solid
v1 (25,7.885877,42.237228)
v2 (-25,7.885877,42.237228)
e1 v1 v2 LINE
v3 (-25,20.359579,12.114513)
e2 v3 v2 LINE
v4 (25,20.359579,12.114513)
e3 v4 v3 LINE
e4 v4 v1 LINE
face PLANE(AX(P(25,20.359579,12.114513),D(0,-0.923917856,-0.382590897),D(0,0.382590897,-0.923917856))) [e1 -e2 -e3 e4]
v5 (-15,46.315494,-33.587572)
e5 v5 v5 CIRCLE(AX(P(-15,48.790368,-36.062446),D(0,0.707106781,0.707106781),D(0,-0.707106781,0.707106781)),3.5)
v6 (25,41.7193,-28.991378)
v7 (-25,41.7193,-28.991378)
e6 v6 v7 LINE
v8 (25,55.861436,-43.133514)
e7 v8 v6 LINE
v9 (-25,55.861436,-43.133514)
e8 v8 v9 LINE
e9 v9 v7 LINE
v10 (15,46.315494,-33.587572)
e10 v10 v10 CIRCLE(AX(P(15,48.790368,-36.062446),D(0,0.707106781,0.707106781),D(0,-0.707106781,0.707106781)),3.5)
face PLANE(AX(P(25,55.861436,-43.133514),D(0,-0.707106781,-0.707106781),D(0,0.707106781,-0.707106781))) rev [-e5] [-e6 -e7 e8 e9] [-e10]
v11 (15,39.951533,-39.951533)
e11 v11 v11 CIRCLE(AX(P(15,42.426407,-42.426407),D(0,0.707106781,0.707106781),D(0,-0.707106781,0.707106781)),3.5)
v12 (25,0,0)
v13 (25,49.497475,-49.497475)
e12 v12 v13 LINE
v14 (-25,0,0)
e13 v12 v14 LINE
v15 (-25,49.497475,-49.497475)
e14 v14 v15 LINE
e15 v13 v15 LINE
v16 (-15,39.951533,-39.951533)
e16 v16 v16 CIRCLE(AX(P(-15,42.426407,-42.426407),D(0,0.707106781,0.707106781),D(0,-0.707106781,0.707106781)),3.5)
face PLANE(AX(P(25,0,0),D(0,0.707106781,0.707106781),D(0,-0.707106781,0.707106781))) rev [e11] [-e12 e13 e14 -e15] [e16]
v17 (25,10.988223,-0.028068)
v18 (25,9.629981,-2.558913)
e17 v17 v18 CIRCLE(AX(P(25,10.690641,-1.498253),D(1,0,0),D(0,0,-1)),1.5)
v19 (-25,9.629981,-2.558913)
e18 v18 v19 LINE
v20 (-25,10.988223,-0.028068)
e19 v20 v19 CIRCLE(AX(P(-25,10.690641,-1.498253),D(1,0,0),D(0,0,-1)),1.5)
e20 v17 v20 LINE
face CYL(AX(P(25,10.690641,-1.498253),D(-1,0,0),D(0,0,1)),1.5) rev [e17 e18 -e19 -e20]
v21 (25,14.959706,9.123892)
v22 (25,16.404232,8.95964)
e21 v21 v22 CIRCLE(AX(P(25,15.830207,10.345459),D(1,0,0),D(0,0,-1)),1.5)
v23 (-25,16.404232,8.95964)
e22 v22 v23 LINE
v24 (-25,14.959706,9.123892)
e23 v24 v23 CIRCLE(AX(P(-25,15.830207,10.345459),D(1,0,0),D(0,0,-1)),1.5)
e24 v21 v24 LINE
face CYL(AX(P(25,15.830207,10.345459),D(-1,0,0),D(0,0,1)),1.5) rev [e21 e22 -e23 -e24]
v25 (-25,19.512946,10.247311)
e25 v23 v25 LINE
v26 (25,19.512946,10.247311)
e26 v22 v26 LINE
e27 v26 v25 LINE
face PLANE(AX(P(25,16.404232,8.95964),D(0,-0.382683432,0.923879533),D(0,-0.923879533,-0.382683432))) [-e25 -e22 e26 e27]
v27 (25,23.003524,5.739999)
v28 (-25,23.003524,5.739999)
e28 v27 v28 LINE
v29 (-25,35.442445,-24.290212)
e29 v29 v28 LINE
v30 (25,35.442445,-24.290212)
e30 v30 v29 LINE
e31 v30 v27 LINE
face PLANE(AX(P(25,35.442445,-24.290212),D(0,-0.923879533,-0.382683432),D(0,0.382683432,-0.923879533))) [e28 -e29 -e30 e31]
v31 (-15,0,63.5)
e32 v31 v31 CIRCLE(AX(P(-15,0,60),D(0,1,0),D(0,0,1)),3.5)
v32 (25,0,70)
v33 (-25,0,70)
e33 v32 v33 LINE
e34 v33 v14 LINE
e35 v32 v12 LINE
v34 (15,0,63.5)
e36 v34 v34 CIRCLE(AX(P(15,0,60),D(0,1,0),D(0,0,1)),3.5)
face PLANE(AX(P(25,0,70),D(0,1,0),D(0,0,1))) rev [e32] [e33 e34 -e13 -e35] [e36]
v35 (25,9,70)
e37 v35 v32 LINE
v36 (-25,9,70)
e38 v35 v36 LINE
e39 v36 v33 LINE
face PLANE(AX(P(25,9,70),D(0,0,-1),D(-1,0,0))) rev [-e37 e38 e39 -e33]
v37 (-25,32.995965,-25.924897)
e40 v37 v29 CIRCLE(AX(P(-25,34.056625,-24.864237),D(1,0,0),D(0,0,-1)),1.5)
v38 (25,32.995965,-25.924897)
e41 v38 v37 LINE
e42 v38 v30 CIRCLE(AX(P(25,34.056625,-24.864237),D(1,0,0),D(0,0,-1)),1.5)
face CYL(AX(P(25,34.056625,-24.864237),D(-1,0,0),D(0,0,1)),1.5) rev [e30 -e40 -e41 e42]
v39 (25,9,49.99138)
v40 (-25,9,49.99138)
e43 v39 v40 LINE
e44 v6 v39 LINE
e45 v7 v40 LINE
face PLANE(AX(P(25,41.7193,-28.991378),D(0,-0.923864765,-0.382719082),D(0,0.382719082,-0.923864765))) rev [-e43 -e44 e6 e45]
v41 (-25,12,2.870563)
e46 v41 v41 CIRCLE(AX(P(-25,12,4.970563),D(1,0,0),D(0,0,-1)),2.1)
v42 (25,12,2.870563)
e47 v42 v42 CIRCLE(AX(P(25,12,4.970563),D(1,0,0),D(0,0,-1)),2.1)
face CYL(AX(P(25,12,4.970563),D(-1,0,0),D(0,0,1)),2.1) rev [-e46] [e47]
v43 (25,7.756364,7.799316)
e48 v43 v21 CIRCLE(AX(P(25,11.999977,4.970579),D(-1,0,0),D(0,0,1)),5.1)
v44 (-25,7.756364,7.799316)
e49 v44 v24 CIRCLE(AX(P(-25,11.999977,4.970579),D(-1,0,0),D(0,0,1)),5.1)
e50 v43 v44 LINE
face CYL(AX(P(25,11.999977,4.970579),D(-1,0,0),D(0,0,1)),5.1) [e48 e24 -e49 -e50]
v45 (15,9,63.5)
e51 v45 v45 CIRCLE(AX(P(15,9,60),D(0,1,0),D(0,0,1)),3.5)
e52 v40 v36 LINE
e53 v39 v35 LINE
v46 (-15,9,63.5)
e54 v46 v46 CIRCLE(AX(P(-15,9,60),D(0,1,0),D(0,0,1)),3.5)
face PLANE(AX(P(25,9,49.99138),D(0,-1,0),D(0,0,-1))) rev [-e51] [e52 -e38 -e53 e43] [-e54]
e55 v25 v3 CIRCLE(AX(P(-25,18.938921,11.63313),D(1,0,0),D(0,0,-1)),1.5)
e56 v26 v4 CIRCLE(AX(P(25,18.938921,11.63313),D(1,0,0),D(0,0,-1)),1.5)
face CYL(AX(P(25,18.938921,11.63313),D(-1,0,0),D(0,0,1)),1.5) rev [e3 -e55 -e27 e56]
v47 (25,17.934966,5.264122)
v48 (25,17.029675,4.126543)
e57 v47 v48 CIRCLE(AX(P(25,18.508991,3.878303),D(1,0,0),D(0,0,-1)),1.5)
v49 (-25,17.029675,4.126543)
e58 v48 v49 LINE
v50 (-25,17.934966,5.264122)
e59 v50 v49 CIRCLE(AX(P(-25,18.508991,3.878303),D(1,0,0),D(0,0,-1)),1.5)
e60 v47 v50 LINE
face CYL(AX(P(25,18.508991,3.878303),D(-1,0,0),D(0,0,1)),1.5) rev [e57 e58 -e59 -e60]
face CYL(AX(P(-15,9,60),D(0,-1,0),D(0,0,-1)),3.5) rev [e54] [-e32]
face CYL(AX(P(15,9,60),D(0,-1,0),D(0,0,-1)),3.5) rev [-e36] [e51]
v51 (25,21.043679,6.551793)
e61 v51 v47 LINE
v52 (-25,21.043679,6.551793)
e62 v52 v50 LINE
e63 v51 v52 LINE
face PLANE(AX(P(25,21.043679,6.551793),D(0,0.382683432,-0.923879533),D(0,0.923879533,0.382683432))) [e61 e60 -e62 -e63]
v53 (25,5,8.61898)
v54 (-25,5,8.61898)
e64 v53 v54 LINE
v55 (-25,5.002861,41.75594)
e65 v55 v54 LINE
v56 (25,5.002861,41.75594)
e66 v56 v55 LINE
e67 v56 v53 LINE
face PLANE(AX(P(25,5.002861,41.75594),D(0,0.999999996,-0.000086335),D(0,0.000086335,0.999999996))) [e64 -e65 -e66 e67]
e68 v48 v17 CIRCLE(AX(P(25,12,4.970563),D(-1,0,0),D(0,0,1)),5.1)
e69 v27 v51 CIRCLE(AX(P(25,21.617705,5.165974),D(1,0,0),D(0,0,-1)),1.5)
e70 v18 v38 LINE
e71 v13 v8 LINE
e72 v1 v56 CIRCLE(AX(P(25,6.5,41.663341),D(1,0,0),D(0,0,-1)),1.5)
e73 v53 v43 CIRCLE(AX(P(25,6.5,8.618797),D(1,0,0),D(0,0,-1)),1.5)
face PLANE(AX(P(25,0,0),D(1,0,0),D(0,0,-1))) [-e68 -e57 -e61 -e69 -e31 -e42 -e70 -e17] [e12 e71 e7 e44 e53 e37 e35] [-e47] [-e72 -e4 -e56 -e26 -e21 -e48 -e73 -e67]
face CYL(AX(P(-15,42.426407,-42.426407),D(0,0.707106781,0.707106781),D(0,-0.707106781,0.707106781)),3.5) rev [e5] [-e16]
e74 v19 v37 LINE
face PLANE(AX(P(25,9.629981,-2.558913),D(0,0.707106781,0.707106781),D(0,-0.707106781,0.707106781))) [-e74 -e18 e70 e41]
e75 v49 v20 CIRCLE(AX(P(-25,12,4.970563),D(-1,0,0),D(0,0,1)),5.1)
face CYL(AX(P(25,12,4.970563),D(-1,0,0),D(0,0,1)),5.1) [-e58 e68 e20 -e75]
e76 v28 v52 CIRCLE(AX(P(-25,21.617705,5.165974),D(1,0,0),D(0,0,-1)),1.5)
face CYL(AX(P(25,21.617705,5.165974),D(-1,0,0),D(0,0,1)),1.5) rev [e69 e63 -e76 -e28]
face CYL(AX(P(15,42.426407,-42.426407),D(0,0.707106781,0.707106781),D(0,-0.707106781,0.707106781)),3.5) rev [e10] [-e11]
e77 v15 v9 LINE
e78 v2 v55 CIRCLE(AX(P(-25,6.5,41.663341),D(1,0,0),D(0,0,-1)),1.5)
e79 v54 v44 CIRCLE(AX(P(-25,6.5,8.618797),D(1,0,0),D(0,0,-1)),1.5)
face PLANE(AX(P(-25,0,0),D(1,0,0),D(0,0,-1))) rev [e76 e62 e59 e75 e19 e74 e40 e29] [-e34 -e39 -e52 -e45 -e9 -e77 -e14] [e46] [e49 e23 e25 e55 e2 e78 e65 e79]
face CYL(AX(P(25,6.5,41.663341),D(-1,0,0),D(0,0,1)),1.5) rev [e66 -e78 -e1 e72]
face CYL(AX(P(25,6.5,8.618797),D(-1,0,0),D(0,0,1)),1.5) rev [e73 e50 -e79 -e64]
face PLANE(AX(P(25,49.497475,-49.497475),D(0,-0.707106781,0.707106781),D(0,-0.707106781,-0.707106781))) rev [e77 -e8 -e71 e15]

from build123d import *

# Parameters (mm, degrees)
BOSS_EXTRUDE1_DEPTH      = 25
BOSS_EXTRUDE1_DEPTH_BACK = 25
SKETCH1_R                = 2.1
SKETCH2_R                = 3.5
CUT_EXTRUDE1_DEPTH       = 9
SKETCH3_R                = 3.5
CUT_EXTRUDE2_DEPTH       = 9


with BuildPart() as part:
    # Sketch1 → Boss-Extrude1 (new, two sides: drawn at the far end of the back side and taken through both)
    with BuildSketch(Plane(origin=(0, 0, 0), x_dir=(0, 0, -1), z_dir=(1, 0, 0)).offset(-BOSS_EXTRUDE1_DEPTH_BACK)):
        Polygon((-70, 0), (0, 0), (49.497474683, 49.497474683), (43.133513652, 55.861435714), (28.991378029, 41.71930009), (-49.991379635, 9), (-70, 9), align=None)
        with Locations((-4.970562748, 12)):
            Circle(SKETCH1_R, mode=Mode.SUBTRACT)
        with BuildLine():
            Line((-6.551793043, 21.043679481), (-5.264121815, 17.934966139))
            ThreePointArc((-5.264121815, 17.934966139), (-4.812340099, 17.335290392), (-4.126543478, 17.029675086))
            ThreePointArc((-4.126543478, 17.029675086), (-0.768310337, 14.889822601), (0.028067769, 10.988222878))
            ThreePointArc((0.028067769, 10.988222878), (0.788934633, 9.368950353), (2.558913388, 9.6299812))
            Line((2.558913388, 9.6299812), (25.924897249, 32.995965061))
            ThreePointArc((25.924897249, 32.995965061), (26.111441495, 34.889980582), (24.290211928, 35.442444531))
            Line((24.290211928, 35.442444531), (-5.739998892, 23.003523928))
            ThreePointArc((-5.739998892, 23.003523928), (-6.551793043, 22.191729778), (-6.551793043, 21.043679481))
        make_face(mode=Mode.SUBTRACT)
        with BuildLine():
            Line((-41.755939666, 5.002860881), (-8.61897952, 5.000000011))
            ThreePointArc((-8.61897952, 5.000000011), (-7.181021866, 6.072446959), (-7.79931621, 7.756364052))
            ThreePointArc((-7.79931621, 7.756364052), (-9.986482643, 11.077634818), (-9.123891859, 14.959705611))
            ThreePointArc((-9.123891859, 14.959705611), (-8.855063072, 15.660739707), (-8.959639945, 16.40423241))
            Line((-8.959639945, 16.40423241), (-10.247311173, 19.512945751))
            ThreePointArc((-10.247311173, 19.512945751), (-11.013696575, 20.305047115), (-12.114513279, 20.35957911))
            Line((-12.114513279, 20.35957911), (-42.237227636, 7.885876778))
            ThreePointArc((-42.237227636, 7.885876778), (-43.142866755, 6.253009403), (-41.755939666, 5.002860881))
        make_face(mode=Mode.SUBTRACT)
    extrude(amount=BOSS_EXTRUDE1_DEPTH + BOSS_EXTRUDE1_DEPTH_BACK)

    # Sketch2 → Cut-Extrude1 (cut)
    with BuildSketch(Plane(origin=(0, 0, 0), x_dir=(1, 0, 0), z_dir=(0, 1, 0))):
        with Locations((-15, -60)):
            Circle(SKETCH2_R)
    extrude(amount=CUT_EXTRUDE1_DEPTH, mode=Mode.SUBTRACT)

    # Sketch3 → Cut-Extrude2 (cut)
    with BuildSketch(Plane(origin=(0, 0, 0), x_dir=(1, 0, 0), z_dir=(0, 1, 0))):
        with Locations((15, -60)):
            Circle(SKETCH3_R)
    extrude(amount=CUT_EXTRUDE2_DEPTH, mode=Mode.SUBTRACT)

    # Sketch4 → Cut-Revolve1 (revolve, cut)
    with BuildSketch(Plane(origin=(15, 0, 0), x_dir=(0, 0, -1), z_dir=(1, 0, 0))):
        Polygon((36.062445841, 48.790367902), (38.537319575, 51.265241636), (44.901280605, 44.901280605), (42.426406871, 42.426406871), align=None)
    revolve(axis=Axis((15, 42.426406871, -42.426406871), (0, 0.7071067811865476, 0.7071067811865476)), mode=Mode.SUBTRACT)

    # Sketch5 → Cut-Revolve2 (revolve, cut)
    with BuildSketch(Plane(origin=(-15, 0, 0), x_dir=(0, 0, -1), z_dir=(1, 0, 0))):
        Polygon((36.062445841, 48.790367902), (38.537319575, 51.265241636), (44.901280605, 44.901280605), (42.426406871, 42.426406871), align=None)
    revolve(axis=Axis((-15, 42.426406871, -42.426406871), (0, 0.7071067811865476, 0.7071067811865476)), mode=Mode.SUBTRACT)


solid = part.part
